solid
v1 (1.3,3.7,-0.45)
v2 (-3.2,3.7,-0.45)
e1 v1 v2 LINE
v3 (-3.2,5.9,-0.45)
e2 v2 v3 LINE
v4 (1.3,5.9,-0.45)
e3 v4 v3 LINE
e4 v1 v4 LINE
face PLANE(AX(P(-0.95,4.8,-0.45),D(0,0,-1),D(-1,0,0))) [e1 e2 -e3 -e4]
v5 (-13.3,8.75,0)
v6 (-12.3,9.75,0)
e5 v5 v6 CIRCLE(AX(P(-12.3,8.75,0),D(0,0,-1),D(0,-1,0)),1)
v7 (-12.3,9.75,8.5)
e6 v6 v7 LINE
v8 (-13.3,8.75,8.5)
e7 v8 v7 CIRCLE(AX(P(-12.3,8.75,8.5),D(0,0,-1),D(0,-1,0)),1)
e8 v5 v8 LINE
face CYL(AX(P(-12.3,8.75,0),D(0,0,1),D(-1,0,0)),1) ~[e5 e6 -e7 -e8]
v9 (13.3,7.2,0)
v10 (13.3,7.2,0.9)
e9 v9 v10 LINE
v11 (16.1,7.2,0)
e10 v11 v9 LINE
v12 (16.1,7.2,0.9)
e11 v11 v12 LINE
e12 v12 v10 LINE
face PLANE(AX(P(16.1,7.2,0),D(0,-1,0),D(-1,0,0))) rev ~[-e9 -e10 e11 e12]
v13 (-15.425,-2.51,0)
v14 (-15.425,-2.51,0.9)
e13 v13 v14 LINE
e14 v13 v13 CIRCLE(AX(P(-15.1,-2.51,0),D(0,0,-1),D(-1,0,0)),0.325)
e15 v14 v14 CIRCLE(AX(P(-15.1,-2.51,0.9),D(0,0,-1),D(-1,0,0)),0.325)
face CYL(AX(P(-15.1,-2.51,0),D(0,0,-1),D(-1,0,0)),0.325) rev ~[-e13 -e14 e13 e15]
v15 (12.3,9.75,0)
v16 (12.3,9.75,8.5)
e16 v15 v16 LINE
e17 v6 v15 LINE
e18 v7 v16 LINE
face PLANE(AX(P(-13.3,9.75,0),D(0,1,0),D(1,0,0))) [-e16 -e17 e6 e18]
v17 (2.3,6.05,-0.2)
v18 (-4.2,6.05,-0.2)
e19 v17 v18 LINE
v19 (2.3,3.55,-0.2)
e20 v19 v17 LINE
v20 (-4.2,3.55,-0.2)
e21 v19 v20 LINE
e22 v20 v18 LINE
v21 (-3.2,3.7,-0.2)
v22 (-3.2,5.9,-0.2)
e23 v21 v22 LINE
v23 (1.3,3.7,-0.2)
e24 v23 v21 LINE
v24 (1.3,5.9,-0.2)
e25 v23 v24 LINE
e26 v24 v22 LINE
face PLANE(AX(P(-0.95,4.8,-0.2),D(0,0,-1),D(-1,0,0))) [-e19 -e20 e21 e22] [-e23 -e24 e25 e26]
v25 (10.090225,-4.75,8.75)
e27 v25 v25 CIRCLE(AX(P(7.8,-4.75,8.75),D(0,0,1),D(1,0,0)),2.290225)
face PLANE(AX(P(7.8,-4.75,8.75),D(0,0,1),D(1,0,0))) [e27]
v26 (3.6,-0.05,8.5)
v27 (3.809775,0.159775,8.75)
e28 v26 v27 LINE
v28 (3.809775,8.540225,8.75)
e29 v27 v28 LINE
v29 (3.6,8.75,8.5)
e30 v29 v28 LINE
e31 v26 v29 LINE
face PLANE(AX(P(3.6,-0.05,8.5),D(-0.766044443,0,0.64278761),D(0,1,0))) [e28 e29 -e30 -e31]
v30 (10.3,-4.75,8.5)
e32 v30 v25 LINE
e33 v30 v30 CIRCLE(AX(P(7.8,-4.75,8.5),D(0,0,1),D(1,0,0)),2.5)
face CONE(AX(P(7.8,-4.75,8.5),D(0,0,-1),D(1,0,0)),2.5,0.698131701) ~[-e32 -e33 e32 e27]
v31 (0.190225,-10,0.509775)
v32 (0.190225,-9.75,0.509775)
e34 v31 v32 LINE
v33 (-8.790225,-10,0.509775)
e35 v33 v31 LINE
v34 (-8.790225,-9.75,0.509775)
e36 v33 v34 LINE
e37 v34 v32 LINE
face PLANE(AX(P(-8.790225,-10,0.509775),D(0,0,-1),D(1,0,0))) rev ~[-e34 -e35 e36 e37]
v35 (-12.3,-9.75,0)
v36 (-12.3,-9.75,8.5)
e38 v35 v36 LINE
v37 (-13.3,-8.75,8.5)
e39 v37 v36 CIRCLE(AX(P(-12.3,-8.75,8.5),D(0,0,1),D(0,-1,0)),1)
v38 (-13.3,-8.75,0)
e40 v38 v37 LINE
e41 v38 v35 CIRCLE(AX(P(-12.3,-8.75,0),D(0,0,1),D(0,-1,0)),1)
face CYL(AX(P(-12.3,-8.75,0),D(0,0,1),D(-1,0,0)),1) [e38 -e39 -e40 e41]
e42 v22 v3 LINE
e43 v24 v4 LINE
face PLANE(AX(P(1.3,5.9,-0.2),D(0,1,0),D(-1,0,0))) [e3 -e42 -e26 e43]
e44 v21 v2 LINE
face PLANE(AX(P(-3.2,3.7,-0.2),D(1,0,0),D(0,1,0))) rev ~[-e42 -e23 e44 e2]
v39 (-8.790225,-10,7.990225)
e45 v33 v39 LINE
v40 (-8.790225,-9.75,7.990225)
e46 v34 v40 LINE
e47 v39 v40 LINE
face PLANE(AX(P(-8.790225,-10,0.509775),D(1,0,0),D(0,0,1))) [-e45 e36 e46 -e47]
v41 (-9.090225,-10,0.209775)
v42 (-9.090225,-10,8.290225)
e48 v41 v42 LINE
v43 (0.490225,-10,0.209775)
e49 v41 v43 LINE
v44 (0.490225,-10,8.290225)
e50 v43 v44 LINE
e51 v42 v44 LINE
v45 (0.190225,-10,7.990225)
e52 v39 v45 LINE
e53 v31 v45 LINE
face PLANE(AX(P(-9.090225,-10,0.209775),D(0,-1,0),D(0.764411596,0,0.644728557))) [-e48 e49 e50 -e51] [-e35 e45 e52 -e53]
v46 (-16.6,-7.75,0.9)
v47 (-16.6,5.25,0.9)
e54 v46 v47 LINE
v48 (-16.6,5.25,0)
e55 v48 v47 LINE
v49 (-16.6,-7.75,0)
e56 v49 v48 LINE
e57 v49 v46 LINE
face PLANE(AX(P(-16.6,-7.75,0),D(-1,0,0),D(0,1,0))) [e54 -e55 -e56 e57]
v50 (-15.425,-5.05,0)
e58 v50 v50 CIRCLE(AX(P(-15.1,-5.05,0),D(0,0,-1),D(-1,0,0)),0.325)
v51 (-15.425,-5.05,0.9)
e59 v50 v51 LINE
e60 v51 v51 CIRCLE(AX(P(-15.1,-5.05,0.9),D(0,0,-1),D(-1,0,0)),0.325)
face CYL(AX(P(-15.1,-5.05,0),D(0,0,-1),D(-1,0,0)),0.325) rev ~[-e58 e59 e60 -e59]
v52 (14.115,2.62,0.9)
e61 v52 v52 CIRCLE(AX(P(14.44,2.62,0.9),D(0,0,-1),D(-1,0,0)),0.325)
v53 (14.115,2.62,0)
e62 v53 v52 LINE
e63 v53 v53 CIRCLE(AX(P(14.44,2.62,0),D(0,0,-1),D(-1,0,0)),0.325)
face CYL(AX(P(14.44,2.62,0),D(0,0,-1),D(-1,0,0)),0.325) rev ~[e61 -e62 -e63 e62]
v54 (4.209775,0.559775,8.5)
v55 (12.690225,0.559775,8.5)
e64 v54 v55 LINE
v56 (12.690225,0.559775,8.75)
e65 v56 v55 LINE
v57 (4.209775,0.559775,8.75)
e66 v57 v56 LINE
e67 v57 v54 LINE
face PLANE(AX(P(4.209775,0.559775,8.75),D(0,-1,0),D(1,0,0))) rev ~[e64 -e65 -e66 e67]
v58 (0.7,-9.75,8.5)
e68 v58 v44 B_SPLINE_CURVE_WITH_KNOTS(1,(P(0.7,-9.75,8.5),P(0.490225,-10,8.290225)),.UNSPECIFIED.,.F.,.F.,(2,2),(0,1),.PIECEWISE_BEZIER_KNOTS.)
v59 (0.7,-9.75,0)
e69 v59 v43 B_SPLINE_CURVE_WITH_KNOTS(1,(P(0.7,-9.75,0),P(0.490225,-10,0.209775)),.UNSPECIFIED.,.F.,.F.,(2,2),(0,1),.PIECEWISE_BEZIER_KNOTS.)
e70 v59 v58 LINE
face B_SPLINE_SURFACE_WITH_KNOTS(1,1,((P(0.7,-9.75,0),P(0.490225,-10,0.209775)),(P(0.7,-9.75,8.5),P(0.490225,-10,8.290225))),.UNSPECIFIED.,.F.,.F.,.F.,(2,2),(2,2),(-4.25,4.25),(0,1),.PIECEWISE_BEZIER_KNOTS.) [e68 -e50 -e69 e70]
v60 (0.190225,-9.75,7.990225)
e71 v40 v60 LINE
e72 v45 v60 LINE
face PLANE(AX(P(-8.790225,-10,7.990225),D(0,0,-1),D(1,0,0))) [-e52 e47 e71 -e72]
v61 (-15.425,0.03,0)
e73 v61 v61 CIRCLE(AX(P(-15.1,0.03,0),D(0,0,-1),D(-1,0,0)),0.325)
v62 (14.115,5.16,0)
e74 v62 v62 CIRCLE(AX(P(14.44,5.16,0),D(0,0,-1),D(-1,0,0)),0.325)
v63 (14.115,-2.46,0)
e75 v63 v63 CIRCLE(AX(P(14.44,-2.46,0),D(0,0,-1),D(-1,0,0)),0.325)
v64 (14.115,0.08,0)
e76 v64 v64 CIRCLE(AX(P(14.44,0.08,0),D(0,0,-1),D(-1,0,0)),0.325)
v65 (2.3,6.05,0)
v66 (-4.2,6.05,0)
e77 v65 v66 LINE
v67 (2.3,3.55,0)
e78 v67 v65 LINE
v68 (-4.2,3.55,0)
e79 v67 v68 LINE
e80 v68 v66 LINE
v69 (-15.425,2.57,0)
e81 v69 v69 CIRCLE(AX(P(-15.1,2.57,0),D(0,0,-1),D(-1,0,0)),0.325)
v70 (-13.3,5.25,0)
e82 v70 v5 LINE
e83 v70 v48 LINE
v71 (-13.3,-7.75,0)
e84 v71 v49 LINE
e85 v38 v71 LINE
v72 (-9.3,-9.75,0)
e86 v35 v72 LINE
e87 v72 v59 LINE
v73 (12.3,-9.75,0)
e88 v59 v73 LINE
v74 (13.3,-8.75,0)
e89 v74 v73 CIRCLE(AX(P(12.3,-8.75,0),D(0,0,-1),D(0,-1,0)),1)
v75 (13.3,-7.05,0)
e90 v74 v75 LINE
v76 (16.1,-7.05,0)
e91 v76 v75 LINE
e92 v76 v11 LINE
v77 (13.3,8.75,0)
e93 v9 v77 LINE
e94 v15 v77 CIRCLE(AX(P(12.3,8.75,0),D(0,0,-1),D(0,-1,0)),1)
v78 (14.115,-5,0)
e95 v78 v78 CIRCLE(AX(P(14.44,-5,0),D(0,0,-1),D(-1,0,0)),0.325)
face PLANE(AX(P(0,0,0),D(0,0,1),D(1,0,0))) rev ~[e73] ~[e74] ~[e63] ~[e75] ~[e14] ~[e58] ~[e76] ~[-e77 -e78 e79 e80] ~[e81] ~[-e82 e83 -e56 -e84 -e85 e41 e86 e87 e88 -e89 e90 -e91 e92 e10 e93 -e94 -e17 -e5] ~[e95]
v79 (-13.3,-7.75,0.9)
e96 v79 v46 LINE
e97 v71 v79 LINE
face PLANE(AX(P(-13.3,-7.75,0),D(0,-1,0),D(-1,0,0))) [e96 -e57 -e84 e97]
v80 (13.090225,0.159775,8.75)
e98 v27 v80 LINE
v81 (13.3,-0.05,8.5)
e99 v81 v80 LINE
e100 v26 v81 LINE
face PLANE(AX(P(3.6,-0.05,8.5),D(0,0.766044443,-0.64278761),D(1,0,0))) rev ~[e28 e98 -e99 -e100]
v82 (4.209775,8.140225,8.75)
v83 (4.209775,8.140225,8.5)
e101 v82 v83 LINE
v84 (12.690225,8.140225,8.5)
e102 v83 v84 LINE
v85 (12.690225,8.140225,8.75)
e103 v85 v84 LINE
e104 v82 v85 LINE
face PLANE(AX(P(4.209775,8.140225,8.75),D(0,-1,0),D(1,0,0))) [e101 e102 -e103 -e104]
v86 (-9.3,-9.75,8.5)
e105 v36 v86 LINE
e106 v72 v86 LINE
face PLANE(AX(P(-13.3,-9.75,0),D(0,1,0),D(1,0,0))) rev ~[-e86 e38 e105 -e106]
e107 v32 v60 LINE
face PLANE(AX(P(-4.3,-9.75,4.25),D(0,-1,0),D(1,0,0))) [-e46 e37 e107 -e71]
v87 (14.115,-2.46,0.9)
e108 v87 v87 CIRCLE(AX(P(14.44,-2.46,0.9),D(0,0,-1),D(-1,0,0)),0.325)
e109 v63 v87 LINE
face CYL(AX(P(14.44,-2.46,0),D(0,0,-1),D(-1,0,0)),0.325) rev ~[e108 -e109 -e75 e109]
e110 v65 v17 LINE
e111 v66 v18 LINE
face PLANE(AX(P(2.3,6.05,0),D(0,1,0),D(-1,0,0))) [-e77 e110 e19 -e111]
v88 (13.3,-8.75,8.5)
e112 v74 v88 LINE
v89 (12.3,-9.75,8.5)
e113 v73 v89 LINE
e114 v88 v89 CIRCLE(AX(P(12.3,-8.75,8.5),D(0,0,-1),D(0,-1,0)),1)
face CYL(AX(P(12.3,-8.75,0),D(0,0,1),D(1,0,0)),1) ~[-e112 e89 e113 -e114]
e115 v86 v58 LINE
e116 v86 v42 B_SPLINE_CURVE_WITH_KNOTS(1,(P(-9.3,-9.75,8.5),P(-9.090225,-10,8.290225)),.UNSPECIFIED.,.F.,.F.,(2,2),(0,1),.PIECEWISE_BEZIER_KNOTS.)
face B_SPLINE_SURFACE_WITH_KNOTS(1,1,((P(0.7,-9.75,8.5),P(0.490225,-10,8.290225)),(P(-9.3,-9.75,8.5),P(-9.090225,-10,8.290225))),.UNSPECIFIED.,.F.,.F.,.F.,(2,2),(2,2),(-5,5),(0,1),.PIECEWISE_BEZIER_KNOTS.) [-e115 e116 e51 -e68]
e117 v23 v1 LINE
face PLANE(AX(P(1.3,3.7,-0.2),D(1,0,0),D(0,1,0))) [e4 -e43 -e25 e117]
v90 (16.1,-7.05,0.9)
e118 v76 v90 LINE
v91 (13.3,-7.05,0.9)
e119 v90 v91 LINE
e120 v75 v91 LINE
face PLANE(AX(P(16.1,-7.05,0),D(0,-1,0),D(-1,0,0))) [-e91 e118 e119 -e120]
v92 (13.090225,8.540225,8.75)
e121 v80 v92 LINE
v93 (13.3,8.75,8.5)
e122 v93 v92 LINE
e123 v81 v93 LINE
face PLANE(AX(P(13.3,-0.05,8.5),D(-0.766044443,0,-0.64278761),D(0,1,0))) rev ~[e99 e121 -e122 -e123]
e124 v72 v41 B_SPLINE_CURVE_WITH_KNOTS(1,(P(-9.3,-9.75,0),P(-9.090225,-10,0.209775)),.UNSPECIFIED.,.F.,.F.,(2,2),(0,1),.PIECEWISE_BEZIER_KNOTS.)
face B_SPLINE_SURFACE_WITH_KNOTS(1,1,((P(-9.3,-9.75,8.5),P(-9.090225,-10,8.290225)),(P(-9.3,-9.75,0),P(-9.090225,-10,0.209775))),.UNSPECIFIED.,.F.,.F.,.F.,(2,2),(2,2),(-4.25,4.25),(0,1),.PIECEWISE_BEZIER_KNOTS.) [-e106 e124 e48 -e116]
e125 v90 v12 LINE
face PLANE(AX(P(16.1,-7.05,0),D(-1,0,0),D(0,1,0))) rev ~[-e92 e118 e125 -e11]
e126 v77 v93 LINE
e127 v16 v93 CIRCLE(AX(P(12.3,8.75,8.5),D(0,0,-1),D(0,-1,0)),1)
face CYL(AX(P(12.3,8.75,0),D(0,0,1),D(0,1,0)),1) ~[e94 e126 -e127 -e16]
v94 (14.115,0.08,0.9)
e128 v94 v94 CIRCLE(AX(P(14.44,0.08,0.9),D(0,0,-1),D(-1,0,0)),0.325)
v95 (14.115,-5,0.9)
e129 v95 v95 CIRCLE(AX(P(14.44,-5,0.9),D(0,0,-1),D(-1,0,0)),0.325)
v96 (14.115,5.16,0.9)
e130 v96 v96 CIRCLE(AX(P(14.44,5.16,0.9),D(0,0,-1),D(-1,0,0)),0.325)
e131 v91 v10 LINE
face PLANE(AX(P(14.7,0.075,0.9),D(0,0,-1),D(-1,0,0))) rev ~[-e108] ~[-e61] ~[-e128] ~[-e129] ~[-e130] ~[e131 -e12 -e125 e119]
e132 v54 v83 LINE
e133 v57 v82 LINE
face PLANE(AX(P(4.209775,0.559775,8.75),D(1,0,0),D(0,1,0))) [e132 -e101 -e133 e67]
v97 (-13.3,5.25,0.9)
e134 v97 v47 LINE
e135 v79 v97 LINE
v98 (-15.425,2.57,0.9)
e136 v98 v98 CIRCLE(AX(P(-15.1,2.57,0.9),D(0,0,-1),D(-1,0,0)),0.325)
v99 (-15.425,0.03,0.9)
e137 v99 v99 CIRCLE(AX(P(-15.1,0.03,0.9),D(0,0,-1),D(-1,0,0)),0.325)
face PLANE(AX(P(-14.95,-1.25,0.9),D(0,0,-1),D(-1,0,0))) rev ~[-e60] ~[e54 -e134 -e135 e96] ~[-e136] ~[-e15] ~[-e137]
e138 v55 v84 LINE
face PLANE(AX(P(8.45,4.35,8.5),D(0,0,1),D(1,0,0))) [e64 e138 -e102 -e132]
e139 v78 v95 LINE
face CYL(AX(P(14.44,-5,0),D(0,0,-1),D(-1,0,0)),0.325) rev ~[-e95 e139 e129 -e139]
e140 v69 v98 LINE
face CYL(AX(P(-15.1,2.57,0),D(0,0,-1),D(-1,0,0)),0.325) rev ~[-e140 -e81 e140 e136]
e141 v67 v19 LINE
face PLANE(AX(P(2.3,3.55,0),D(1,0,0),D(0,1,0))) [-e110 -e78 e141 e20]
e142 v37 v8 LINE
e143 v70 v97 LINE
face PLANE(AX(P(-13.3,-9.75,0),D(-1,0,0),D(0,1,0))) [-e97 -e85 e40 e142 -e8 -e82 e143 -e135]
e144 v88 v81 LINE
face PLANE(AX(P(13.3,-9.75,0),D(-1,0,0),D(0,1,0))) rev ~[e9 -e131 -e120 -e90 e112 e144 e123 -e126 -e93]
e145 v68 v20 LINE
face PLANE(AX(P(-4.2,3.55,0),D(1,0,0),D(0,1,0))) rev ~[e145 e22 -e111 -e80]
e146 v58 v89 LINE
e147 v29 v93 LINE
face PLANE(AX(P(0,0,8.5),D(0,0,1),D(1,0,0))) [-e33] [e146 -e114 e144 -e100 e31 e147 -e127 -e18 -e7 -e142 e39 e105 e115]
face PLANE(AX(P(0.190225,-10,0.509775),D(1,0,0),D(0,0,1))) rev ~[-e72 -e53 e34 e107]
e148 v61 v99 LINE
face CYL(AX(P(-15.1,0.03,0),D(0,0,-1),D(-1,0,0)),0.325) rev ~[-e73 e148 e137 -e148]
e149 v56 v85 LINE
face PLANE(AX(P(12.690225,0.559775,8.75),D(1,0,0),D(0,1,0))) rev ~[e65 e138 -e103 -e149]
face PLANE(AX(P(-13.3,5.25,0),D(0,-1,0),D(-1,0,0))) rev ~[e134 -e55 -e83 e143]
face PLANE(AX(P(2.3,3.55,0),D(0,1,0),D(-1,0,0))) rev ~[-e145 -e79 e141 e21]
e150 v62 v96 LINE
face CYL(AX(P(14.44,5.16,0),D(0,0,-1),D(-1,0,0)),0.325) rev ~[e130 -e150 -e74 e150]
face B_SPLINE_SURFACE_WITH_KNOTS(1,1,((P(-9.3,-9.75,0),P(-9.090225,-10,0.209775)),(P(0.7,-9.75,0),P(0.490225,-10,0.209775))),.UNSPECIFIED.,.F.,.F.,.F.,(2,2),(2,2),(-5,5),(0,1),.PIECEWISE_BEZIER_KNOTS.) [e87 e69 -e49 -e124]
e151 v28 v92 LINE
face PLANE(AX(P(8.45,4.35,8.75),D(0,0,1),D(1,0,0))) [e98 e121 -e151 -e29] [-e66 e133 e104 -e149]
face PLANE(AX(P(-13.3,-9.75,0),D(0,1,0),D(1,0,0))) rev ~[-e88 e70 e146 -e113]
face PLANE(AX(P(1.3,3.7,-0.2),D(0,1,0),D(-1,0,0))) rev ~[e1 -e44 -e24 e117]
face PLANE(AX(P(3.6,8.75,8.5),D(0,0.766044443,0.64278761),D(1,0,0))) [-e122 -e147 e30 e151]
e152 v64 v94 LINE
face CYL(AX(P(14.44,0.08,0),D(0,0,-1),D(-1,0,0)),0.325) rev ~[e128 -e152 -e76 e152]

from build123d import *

# Parameters (mm, degrees)
SKETCH1_W                     = 26.6
SKETCH1_H                     = 19.5
BASE_DEPTH                    = 8.5
SKETCH2_R                     = 2.5
BOSS_EXTRUDE2_DEPTH           = 0.25
BOSS_EXTRUDE2_DRAFT           = 40
SKETCH2_W                     = 9.7
SKETCH2_H                     = 8.8
BOSS_EXTRUDE2_PROFILE_2_DEPTH = 0.25
BOSS_EXTRUDE2_PROFILE_2_DRAFT = 40
SKETCH3_W                     = 8.480450184
SKETCH3_H                     = 7.580450184
CUT_EXTRUDE1_DEPTH            = 0.25
SKETCH4_W                     = 10
SKETCH4_H                     = 8.5
BOSS_EXTRUDE3_DEPTH           = 0.25
BOSS_EXTRUDE3_TAPER           = 40
SKETCH5_W                     = 8.980450184
SKETCH5_H                     = 7.480450184
CUT_EXTRUDE2_DEPTH            = 0.25
FILLET1_R                     = 1
SKETCH6_W                     = 6.5
SKETCH6_H                     = 2.5
CONNECTOR1_DEPTH              = 0.2
SKETCH7_W                     = 4.5
SKETCH7_H                     = 2.2
CONNECTOR2_DEPTH              = 0.25
SKETCH8_W                     = 3.3
SKETCH8_H                     = 13
SKETCH8_W_2                   = 2.8
SKETCH8_H_2                   = 14.25
PCB_DEPTH                     = 0.9
CUT_EXTRUDE3_REACH            = 23.263
SKETCH9_R                     = 0.325


with BuildPart() as part:
    # Sketch1 → Base (new body)
    with BuildSketch(Plane.XY):
        Rectangle(SKETCH1_W, SKETCH1_H)
    extrude(amount=BASE_DEPTH)


with BuildPart() as boss_extrude2_tool:
    # Sketch2 → Boss-Extrude2 (with draft: the straight prism first)
    with BuildSketch(Plane.XY.offset(8.5)):
        with Locations((7.8, -4.75)):
            Circle(SKETCH2_R)
    extrude(amount=BOSS_EXTRUDE2_DEPTH)
    # Boss-Extrude2: the draft: its side faces are tilted about the plane it starts from
    boss_extrude2_sides = [boss_extrude2_tool.faces().sort_by_distance(p)[0] for p in [
        (5.3, -4.75, 8.625),
    ]]
    draft(boss_extrude2_sides, Plane.XY.offset(8.5), BOSS_EXTRUDE2_DRAFT)


with BuildPart() as part_1:
    add(part.part)

    # Boss-Extrude2: add boss_extrude2_tool
    add(boss_extrude2_tool.part)


with BuildPart() as boss_extrude2_profile_2_tool:
    # Sketch2 → Boss-Extrude2 profile 2 (with draft: the straight prism first)
    with BuildSketch(Plane.XY.offset(8.5)):
        with Locations((8.45, 4.35)):
            Rectangle(SKETCH2_W, SKETCH2_H)
    extrude(amount=BOSS_EXTRUDE2_PROFILE_2_DEPTH)
    # Boss-Extrude2 profile 2: the draft: its side faces are tilted about the plane it starts from
    boss_extrude2_profile_2_sides = [boss_extrude2_profile_2_tool.faces().sort_by_distance(p)[0] for p in [
        (3.6, 4.35, 8.625),
        (8.45, -0.05, 8.625),
        (13.3, 4.35, 8.625),
        (8.45, 8.75, 8.625),
    ]]
    draft(boss_extrude2_profile_2_sides, Plane.XY.offset(8.5), BOSS_EXTRUDE2_PROFILE_2_DRAFT)


with BuildPart() as part_2:
    add(part_1.part)

    # Boss-Extrude2 profile 2: add boss_extrude2_profile_2_tool
    add(boss_extrude2_profile_2_tool.part)

    # Sketch3 → Cut-Extrude1 (cut)
    with BuildSketch(Plane.XY.offset(8.75)):
        with Locations((8.45, 4.35)):
            Rectangle(SKETCH3_W, SKETCH3_H)
    extrude(amount=-CUT_EXTRUDE1_DEPTH, mode=Mode.SUBTRACT)

    # Sketch4 → Boss-Extrude3 (add)
    with BuildSketch(Plane.XZ.offset(9.75)):
        with Locations((-4.3, 4.25)):
            Rectangle(SKETCH4_W, SKETCH4_H)
    extrude(amount=BOSS_EXTRUDE3_DEPTH, taper=BOSS_EXTRUDE3_TAPER)

    # Sketch5 → Cut-Extrude2 (cut)
    with BuildSketch(Plane.XZ.offset(10)):
        with Locations((-4.3, 4.25)):
            Rectangle(SKETCH5_W, SKETCH5_H)
    extrude(amount=-CUT_EXTRUDE2_DEPTH, mode=Mode.SUBTRACT)

    # Fillet1
    fillet1_edges = [part_2.edges().sort_by_distance(p)[0] for p in [
        (-13.3, 9.75, 4.25),
        (13.3, 9.75, 4.25),
        (13.3, -9.75, 4.25),
        (-13.3, -9.75, 4.25),
    ]]
    fillet(fillet1_edges, radius=FILLET1_R)

    # Sketch6 → Connector1 (add)
    with BuildSketch(Plane(origin=(0, 0, 0), x_dir=(-1, 0, 0), z_dir=(0, 0, -1))):
        with Locations((0.95, 4.8)):
            Rectangle(SKETCH6_W, SKETCH6_H)
    extrude(amount=CONNECTOR1_DEPTH)

    # Sketch7 → Connector2 (add)
    with BuildSketch(Plane(origin=(0, 0, -0.2), x_dir=(-1, 0, 0), z_dir=(0, 0, -1))):
        with Locations((0.95, 4.8)):
            Rectangle(SKETCH7_W, SKETCH7_H)
    extrude(amount=CONNECTOR2_DEPTH)

    # Sketch8 → PCB (add)
    with BuildSketch(Plane(origin=(0, 0, 0), x_dir=(-1, 0, 0), z_dir=(0, 0, -1))):
        with Locations((14.95, -1.25)):
            Rectangle(SKETCH8_W, SKETCH8_H)
        with Locations((-14.7, 0.075)):
            Rectangle(SKETCH8_W_2, SKETCH8_H_2)
    extrude(amount=-PCB_DEPTH)

    # Sketch9 → Cut-Extrude3 (cut, up to next)
    with BuildSketch(Plane(origin=(0, 0, 0), x_dir=(-1, 0, 0), z_dir=(0, 0, -1)), mode=Mode.PRIVATE) as cut_extrude3_sk1:
        with Locations((15.1, -5.05)):
            Circle(SKETCH9_R)
    cut_extrude3_tool1 = extrude(cut_extrude3_sk1.sketch, amount=-CUT_EXTRUDE3_REACH, mode=Mode.PRIVATE) & part_2.part
    # Sketch9 → Cut-Extrude3 (cut, up to next)
    with BuildSketch(Plane(origin=(0, 0, 0), x_dir=(-1, 0, 0), z_dir=(0, 0, -1)), mode=Mode.PRIVATE) as cut_extrude3_sk2:
        with Locations((15.1, -2.51)):
            Circle(SKETCH9_R)
    cut_extrude3_tool2 = extrude(cut_extrude3_sk2.sketch, amount=-CUT_EXTRUDE3_REACH, mode=Mode.PRIVATE) & part_2.part
    # Sketch9 → Cut-Extrude3 (cut, up to next)
    with BuildSketch(Plane(origin=(0, 0, 0), x_dir=(-1, 0, 0), z_dir=(0, 0, -1)), mode=Mode.PRIVATE) as cut_extrude3_sk3:
        with Locations((15.1, 0.03)):
            Circle(SKETCH9_R)
    cut_extrude3_tool3 = extrude(cut_extrude3_sk3.sketch, amount=-CUT_EXTRUDE3_REACH, mode=Mode.PRIVATE) & part_2.part
    # Sketch9 → Cut-Extrude3 (cut, up to next)
    with BuildSketch(Plane(origin=(0, 0, 0), x_dir=(-1, 0, 0), z_dir=(0, 0, -1)), mode=Mode.PRIVATE) as cut_extrude3_sk4:
        with Locations((15.1, 2.57)):
            Circle(SKETCH9_R)
    cut_extrude3_tool4 = extrude(cut_extrude3_sk4.sketch, amount=-CUT_EXTRUDE3_REACH, mode=Mode.PRIVATE) & part_2.part
    # Sketch9 → Cut-Extrude3 (cut, up to next)
    with BuildSketch(Plane(origin=(0, 0, 0), x_dir=(-1, 0, 0), z_dir=(0, 0, -1)), mode=Mode.PRIVATE) as cut_extrude3_sk5:
        with Locations((-14.44, -5)):
            Circle(SKETCH9_R)
    cut_extrude3_tool5 = extrude(cut_extrude3_sk5.sketch, amount=-CUT_EXTRUDE3_REACH, mode=Mode.PRIVATE) & part_2.part
    # Sketch9 → Cut-Extrude3 (cut, up to next)
    with BuildSketch(Plane(origin=(0, 0, 0), x_dir=(-1, 0, 0), z_dir=(0, 0, -1)), mode=Mode.PRIVATE) as cut_extrude3_sk6:
        with Locations((-14.44, -2.46)):
            Circle(SKETCH9_R)
    cut_extrude3_tool6 = extrude(cut_extrude3_sk6.sketch, amount=-CUT_EXTRUDE3_REACH, mode=Mode.PRIVATE) & part_2.part
    # Sketch9 → Cut-Extrude3 (cut, up to next)
    with BuildSketch(Plane(origin=(0, 0, 0), x_dir=(-1, 0, 0), z_dir=(0, 0, -1)), mode=Mode.PRIVATE) as cut_extrude3_sk7:
        with Locations((-14.44, 0.08)):
            Circle(SKETCH9_R)
    cut_extrude3_tool7 = extrude(cut_extrude3_sk7.sketch, amount=-CUT_EXTRUDE3_REACH, mode=Mode.PRIVATE) & part_2.part
    # Sketch9 → Cut-Extrude3 (cut, up to next)
    with BuildSketch(Plane(origin=(0, 0, 0), x_dir=(-1, 0, 0), z_dir=(0, 0, -1)), mode=Mode.PRIVATE) as cut_extrude3_sk8:
        with Locations((-14.44, 2.62)):
            Circle(SKETCH9_R)
    cut_extrude3_tool8 = extrude(cut_extrude3_sk8.sketch, amount=-CUT_EXTRUDE3_REACH, mode=Mode.PRIVATE) & part_2.part
    # Sketch9 → Cut-Extrude3 (cut, up to next)
    with BuildSketch(Plane(origin=(0, 0, 0), x_dir=(-1, 0, 0), z_dir=(0, 0, -1)), mode=Mode.PRIVATE) as cut_extrude3_sk9:
        with Locations((-14.44, 5.16)):
            Circle(SKETCH9_R)
    cut_extrude3_tool9 = extrude(cut_extrude3_sk9.sketch, amount=-CUT_EXTRUDE3_REACH, mode=Mode.PRIVATE) & part_2.part
    add(cut_extrude3_tool1.solids().sort_by_distance((-15.1, -5.05, 0))[0], mode=Mode.SUBTRACT)
    add(cut_extrude3_tool2.solids().sort_by_distance((-15.1, -2.51, 0))[0], mode=Mode.SUBTRACT)
    add(cut_extrude3_tool3.solids().sort_by_distance((-15.1, 0.03, 0))[0], mode=Mode.SUBTRACT)
    add(cut_extrude3_tool4.solids().sort_by_distance((-15.1, 2.57, 0))[0], mode=Mode.SUBTRACT)
    add(cut_extrude3_tool5.solids().sort_by_distance((14.44, -5, 0))[0], mode=Mode.SUBTRACT)
    add(cut_extrude3_tool6.solids().sort_by_distance((14.44, -2.46, 0))[0], mode=Mode.SUBTRACT)
    add(cut_extrude3_tool7.solids().sort_by_distance((14.44, 0.08, 0))[0], mode=Mode.SUBTRACT)
    add(cut_extrude3_tool8.solids().sort_by_distance((14.44, 2.62, 0))[0], mode=Mode.SUBTRACT)
    add(cut_extrude3_tool9.solids().sort_by_distance((14.44, 5.16, 0))[0], mode=Mode.SUBTRACT)


solid = part_2.part
